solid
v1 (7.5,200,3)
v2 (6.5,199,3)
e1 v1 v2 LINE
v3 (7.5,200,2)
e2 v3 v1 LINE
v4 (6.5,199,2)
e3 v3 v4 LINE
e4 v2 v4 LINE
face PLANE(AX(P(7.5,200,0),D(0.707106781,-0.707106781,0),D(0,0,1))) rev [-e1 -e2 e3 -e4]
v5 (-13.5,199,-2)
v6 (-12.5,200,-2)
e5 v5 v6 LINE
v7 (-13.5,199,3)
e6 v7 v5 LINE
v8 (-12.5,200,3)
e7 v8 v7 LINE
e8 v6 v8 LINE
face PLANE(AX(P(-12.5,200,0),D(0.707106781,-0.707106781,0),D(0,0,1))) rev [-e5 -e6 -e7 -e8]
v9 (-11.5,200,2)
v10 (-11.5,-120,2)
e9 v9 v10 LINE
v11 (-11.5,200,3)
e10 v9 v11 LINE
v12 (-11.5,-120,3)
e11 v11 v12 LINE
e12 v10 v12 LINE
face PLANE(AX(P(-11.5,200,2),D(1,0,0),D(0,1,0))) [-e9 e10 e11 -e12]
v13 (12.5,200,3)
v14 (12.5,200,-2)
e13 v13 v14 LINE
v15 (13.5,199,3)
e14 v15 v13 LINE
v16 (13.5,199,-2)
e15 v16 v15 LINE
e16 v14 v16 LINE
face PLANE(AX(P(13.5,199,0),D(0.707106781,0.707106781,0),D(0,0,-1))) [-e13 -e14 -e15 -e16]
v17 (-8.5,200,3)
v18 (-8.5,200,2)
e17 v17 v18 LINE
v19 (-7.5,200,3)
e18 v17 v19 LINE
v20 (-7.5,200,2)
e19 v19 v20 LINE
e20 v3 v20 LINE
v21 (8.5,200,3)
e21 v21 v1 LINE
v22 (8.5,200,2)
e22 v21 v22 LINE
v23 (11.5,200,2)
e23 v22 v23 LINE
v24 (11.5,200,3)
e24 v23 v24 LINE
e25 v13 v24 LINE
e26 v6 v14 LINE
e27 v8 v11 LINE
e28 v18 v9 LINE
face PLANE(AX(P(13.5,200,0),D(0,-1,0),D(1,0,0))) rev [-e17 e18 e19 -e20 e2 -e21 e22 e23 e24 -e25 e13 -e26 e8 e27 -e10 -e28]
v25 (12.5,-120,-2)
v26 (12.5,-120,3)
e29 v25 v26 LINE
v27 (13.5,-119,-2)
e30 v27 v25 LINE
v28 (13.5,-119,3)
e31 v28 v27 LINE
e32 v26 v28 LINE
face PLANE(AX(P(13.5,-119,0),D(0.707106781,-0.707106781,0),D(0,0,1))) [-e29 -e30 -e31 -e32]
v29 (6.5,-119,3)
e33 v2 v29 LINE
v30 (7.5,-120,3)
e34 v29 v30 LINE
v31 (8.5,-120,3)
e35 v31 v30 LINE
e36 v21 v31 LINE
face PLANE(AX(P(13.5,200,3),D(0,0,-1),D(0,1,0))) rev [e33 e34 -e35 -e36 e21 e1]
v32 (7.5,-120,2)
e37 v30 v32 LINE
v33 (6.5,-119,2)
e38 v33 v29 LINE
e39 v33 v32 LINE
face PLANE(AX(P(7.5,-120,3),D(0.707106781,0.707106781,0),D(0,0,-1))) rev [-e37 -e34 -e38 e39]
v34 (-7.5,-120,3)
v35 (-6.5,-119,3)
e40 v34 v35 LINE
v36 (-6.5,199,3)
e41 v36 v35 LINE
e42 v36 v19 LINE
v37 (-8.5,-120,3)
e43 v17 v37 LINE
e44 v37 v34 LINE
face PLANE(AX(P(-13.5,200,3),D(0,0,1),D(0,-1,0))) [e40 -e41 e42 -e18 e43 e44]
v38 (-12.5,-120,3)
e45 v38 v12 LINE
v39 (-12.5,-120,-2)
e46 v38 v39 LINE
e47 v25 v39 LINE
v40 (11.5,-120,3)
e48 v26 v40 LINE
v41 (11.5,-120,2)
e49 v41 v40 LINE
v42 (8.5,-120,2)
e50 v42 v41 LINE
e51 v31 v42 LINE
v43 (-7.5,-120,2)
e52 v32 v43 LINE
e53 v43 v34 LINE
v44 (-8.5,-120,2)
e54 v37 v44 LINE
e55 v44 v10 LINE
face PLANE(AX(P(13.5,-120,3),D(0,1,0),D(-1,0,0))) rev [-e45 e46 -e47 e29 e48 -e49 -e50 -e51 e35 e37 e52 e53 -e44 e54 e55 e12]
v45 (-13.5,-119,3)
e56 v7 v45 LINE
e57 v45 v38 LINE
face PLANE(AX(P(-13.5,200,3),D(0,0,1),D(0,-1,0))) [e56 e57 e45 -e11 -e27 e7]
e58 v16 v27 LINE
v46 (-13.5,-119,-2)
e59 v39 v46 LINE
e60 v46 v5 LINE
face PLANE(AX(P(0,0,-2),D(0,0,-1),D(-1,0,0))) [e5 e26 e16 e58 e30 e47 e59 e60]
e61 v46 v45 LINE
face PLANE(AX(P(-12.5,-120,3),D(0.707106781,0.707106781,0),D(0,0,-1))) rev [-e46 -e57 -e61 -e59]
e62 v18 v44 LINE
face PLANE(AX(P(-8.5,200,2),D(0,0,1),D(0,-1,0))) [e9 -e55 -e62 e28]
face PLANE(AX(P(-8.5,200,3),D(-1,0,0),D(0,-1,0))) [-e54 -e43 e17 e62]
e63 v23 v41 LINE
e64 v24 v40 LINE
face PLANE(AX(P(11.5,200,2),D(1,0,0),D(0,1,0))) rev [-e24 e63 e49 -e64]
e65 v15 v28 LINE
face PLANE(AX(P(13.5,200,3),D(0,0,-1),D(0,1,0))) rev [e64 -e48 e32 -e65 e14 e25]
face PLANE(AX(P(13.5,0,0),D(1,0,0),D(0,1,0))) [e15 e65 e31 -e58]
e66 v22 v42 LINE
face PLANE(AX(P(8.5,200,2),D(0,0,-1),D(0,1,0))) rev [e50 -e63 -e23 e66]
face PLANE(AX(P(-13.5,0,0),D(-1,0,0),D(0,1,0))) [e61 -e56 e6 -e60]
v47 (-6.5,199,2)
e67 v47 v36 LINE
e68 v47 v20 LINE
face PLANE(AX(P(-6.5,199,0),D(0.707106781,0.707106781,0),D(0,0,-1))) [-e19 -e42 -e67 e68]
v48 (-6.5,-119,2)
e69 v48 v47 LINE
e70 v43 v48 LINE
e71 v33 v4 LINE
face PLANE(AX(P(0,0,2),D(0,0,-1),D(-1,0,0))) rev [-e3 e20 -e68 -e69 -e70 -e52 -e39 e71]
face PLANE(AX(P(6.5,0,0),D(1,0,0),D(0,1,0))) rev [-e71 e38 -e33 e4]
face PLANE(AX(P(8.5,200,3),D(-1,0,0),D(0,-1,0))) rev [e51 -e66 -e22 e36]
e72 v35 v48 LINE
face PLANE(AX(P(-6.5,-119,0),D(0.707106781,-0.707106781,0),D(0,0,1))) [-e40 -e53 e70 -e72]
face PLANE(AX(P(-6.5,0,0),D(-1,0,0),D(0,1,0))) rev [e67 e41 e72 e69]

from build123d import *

# Parameters (mm, degrees)
SCHIZZO1_W                        = 6.5
SCHIZZO1_H                        = 80
ESTRUSIONE_ESTRUSIONE1_DEPTH      = 2
SCHIZZO2_W                        = 3
SCHIZZO2_H                        = 320
ESTRUSIONE_ESTRUSIONE2_DEPTH      = 7
SMUSSO1_SIZE                      = 1
SCHIZZO4_W                        = 3
SCHIZZO4_H                        = 1
TAGLIO_ESTRUSIONE1_DEPTH          = 321.298688727
SMUSSO1_OF_SPECCHIA9_SIZE         = 1
ESTRUSIONE_ESTRUSIONE3_DEPTH      = 122
ESTRUSIONE_ESTRUSIONE3_DEPTH_BACK = 200
SCHIZZO5_W                        = 13
SCHIZZO5_H                        = 2
SCHIZZO6_W                        = 13
SCHIZZO6_H                        = 2
TAGLIO_ESTRUSIONE2_DEPTH          = 2
ESTRUSIONE_ESTRUSIONE4_DEPTH      = 2
ESTRUSIONE_ESTRUSIONE5_DEPTH      = 2


with BuildPart() as part:
    # Schizzo1 → Estrusione-Estrusione1 (new body)
    with BuildSketch(Plane.XY):
        with Locations((3.25, 40)):
            Rectangle(SCHIZZO1_W, SCHIZZO1_H)
    estrusione_estrusione1 = extrude(amount=ESTRUSIONE_ESTRUSIONE1_DEPTH)

    # Schizzo2 → Estrusione-Estrusione2 (add)
    with BuildSketch(Plane(origin=(6.5, 0, 0), x_dir=(0, 0, -1), z_dir=(1, 0, 0))):
        with Locations((-1.5, 40)):
            Rectangle(SCHIZZO2_W, SCHIZZO2_H)
    estrusione_estrusione2 = extrude(amount=ESTRUSIONE_ESTRUSIONE2_DEPTH)

    # Smusso1
    smusso1_edges = [part.edges().sort_by_distance(p)[0] for p in [
        (6.5, 200, 1.5),
        (6.5, -120, 1.5),
        (13.5, 200, 1.5),
        (13.5, -120, 1.5),
    ]]
    chamfer(smusso1_edges, length=SMUSSO1_SIZE)

    # Schizzo4 → Taglio-Estrusione1 (cut, through all)
    with BuildSketch(Plane.XZ.offset(120)):
        with Locations((10, 2.5)):
            Rectangle(SCHIZZO4_W, SCHIZZO4_H)
    taglio_estrusione1 = extrude(amount=-TAGLIO_ESTRUSIONE1_DEPTH, mode=Mode.SUBTRACT)

    # Specchia9: Estrusione-Estrusione1, Estrusione-Estrusione2, Taglio-Estrusione1 across plane
    add(estrusione_estrusione1.mirror(Plane.ZY))
    add(estrusione_estrusione2.mirror(Plane.ZY))
    add(taglio_estrusione1.mirror(Plane.ZY), mode=Mode.SUBTRACT)

    # Smusso1 of Specchia9
    smusso1_of_specchia9_edges = [part.edges().sort_by_distance(p)[0] for p in [
        (-6.5, 200, 1.5),
        (-6.5, -120, 1.5),
        (-13.5, 200, 1.5),
        (-13.5, -120, 1.5),
    ]]
    chamfer(smusso1_of_specchia9_edges, length=SMUSSO1_OF_SPECCHIA9_SIZE)

    # Schizzo5 → Estrusione-Estrusione3 (add, two sides: drawn at the far end of the back side and taken through both)
    with BuildSketch(Plane.XZ.offset(-ESTRUSIONE_ESTRUSIONE3_DEPTH_BACK)):
        with Locations((0, 1)):
            Rectangle(SCHIZZO5_W, SCHIZZO5_H)
    extrude(amount=ESTRUSIONE_ESTRUSIONE3_DEPTH + ESTRUSIONE_ESTRUSIONE3_DEPTH_BACK)

    # Schizzo6 → Taglio-Estrusione2 (cut)
    with BuildSketch(Plane.XZ.offset(122)):
        with Locations((0, 1)):
            Rectangle(SCHIZZO6_W, SCHIZZO6_H)
    extrude(amount=-TAGLIO_ESTRUSIONE2_DEPTH, mode=Mode.SUBTRACT)

    # Schizzo7 → Estrusione-Estrusione4 (add)
    with BuildSketch(Plane(origin=(0, 0, 0), x_dir=(-1, 0, 0), z_dir=(0, 0, -1))):
        Polygon((-7.5, 200), (-6.5, 200), (-6.5, 199), align=None)
        Polygon((6.5, 200), (6.5, 199), (7.5, 200), align=None)
        Polygon((-7.5, -120), (-6.5, -120), (-6.5, -119), align=None)
        Polygon((6.5, -119), (6.5, -120), (7.5, -120), align=None)
    extrude(amount=-ESTRUSIONE_ESTRUSIONE4_DEPTH)

    # Schizzo8 → Estrusione-Estrusione5 (add)
    with BuildSketch(Plane(origin=(0, 0, 0), x_dir=(-1, 0, 0), z_dir=(0, 0, -1))):
        Polygon((-13.5, -119), (-12.5, -120), (12.5, -120), (13.5, -119), (13.5, 199), (12.5, 200), (-12.5, 200), (-13.5, 199), align=None)
    extrude(amount=ESTRUSIONE_ESTRUSIONE5_DEPTH)


solid = part.part
